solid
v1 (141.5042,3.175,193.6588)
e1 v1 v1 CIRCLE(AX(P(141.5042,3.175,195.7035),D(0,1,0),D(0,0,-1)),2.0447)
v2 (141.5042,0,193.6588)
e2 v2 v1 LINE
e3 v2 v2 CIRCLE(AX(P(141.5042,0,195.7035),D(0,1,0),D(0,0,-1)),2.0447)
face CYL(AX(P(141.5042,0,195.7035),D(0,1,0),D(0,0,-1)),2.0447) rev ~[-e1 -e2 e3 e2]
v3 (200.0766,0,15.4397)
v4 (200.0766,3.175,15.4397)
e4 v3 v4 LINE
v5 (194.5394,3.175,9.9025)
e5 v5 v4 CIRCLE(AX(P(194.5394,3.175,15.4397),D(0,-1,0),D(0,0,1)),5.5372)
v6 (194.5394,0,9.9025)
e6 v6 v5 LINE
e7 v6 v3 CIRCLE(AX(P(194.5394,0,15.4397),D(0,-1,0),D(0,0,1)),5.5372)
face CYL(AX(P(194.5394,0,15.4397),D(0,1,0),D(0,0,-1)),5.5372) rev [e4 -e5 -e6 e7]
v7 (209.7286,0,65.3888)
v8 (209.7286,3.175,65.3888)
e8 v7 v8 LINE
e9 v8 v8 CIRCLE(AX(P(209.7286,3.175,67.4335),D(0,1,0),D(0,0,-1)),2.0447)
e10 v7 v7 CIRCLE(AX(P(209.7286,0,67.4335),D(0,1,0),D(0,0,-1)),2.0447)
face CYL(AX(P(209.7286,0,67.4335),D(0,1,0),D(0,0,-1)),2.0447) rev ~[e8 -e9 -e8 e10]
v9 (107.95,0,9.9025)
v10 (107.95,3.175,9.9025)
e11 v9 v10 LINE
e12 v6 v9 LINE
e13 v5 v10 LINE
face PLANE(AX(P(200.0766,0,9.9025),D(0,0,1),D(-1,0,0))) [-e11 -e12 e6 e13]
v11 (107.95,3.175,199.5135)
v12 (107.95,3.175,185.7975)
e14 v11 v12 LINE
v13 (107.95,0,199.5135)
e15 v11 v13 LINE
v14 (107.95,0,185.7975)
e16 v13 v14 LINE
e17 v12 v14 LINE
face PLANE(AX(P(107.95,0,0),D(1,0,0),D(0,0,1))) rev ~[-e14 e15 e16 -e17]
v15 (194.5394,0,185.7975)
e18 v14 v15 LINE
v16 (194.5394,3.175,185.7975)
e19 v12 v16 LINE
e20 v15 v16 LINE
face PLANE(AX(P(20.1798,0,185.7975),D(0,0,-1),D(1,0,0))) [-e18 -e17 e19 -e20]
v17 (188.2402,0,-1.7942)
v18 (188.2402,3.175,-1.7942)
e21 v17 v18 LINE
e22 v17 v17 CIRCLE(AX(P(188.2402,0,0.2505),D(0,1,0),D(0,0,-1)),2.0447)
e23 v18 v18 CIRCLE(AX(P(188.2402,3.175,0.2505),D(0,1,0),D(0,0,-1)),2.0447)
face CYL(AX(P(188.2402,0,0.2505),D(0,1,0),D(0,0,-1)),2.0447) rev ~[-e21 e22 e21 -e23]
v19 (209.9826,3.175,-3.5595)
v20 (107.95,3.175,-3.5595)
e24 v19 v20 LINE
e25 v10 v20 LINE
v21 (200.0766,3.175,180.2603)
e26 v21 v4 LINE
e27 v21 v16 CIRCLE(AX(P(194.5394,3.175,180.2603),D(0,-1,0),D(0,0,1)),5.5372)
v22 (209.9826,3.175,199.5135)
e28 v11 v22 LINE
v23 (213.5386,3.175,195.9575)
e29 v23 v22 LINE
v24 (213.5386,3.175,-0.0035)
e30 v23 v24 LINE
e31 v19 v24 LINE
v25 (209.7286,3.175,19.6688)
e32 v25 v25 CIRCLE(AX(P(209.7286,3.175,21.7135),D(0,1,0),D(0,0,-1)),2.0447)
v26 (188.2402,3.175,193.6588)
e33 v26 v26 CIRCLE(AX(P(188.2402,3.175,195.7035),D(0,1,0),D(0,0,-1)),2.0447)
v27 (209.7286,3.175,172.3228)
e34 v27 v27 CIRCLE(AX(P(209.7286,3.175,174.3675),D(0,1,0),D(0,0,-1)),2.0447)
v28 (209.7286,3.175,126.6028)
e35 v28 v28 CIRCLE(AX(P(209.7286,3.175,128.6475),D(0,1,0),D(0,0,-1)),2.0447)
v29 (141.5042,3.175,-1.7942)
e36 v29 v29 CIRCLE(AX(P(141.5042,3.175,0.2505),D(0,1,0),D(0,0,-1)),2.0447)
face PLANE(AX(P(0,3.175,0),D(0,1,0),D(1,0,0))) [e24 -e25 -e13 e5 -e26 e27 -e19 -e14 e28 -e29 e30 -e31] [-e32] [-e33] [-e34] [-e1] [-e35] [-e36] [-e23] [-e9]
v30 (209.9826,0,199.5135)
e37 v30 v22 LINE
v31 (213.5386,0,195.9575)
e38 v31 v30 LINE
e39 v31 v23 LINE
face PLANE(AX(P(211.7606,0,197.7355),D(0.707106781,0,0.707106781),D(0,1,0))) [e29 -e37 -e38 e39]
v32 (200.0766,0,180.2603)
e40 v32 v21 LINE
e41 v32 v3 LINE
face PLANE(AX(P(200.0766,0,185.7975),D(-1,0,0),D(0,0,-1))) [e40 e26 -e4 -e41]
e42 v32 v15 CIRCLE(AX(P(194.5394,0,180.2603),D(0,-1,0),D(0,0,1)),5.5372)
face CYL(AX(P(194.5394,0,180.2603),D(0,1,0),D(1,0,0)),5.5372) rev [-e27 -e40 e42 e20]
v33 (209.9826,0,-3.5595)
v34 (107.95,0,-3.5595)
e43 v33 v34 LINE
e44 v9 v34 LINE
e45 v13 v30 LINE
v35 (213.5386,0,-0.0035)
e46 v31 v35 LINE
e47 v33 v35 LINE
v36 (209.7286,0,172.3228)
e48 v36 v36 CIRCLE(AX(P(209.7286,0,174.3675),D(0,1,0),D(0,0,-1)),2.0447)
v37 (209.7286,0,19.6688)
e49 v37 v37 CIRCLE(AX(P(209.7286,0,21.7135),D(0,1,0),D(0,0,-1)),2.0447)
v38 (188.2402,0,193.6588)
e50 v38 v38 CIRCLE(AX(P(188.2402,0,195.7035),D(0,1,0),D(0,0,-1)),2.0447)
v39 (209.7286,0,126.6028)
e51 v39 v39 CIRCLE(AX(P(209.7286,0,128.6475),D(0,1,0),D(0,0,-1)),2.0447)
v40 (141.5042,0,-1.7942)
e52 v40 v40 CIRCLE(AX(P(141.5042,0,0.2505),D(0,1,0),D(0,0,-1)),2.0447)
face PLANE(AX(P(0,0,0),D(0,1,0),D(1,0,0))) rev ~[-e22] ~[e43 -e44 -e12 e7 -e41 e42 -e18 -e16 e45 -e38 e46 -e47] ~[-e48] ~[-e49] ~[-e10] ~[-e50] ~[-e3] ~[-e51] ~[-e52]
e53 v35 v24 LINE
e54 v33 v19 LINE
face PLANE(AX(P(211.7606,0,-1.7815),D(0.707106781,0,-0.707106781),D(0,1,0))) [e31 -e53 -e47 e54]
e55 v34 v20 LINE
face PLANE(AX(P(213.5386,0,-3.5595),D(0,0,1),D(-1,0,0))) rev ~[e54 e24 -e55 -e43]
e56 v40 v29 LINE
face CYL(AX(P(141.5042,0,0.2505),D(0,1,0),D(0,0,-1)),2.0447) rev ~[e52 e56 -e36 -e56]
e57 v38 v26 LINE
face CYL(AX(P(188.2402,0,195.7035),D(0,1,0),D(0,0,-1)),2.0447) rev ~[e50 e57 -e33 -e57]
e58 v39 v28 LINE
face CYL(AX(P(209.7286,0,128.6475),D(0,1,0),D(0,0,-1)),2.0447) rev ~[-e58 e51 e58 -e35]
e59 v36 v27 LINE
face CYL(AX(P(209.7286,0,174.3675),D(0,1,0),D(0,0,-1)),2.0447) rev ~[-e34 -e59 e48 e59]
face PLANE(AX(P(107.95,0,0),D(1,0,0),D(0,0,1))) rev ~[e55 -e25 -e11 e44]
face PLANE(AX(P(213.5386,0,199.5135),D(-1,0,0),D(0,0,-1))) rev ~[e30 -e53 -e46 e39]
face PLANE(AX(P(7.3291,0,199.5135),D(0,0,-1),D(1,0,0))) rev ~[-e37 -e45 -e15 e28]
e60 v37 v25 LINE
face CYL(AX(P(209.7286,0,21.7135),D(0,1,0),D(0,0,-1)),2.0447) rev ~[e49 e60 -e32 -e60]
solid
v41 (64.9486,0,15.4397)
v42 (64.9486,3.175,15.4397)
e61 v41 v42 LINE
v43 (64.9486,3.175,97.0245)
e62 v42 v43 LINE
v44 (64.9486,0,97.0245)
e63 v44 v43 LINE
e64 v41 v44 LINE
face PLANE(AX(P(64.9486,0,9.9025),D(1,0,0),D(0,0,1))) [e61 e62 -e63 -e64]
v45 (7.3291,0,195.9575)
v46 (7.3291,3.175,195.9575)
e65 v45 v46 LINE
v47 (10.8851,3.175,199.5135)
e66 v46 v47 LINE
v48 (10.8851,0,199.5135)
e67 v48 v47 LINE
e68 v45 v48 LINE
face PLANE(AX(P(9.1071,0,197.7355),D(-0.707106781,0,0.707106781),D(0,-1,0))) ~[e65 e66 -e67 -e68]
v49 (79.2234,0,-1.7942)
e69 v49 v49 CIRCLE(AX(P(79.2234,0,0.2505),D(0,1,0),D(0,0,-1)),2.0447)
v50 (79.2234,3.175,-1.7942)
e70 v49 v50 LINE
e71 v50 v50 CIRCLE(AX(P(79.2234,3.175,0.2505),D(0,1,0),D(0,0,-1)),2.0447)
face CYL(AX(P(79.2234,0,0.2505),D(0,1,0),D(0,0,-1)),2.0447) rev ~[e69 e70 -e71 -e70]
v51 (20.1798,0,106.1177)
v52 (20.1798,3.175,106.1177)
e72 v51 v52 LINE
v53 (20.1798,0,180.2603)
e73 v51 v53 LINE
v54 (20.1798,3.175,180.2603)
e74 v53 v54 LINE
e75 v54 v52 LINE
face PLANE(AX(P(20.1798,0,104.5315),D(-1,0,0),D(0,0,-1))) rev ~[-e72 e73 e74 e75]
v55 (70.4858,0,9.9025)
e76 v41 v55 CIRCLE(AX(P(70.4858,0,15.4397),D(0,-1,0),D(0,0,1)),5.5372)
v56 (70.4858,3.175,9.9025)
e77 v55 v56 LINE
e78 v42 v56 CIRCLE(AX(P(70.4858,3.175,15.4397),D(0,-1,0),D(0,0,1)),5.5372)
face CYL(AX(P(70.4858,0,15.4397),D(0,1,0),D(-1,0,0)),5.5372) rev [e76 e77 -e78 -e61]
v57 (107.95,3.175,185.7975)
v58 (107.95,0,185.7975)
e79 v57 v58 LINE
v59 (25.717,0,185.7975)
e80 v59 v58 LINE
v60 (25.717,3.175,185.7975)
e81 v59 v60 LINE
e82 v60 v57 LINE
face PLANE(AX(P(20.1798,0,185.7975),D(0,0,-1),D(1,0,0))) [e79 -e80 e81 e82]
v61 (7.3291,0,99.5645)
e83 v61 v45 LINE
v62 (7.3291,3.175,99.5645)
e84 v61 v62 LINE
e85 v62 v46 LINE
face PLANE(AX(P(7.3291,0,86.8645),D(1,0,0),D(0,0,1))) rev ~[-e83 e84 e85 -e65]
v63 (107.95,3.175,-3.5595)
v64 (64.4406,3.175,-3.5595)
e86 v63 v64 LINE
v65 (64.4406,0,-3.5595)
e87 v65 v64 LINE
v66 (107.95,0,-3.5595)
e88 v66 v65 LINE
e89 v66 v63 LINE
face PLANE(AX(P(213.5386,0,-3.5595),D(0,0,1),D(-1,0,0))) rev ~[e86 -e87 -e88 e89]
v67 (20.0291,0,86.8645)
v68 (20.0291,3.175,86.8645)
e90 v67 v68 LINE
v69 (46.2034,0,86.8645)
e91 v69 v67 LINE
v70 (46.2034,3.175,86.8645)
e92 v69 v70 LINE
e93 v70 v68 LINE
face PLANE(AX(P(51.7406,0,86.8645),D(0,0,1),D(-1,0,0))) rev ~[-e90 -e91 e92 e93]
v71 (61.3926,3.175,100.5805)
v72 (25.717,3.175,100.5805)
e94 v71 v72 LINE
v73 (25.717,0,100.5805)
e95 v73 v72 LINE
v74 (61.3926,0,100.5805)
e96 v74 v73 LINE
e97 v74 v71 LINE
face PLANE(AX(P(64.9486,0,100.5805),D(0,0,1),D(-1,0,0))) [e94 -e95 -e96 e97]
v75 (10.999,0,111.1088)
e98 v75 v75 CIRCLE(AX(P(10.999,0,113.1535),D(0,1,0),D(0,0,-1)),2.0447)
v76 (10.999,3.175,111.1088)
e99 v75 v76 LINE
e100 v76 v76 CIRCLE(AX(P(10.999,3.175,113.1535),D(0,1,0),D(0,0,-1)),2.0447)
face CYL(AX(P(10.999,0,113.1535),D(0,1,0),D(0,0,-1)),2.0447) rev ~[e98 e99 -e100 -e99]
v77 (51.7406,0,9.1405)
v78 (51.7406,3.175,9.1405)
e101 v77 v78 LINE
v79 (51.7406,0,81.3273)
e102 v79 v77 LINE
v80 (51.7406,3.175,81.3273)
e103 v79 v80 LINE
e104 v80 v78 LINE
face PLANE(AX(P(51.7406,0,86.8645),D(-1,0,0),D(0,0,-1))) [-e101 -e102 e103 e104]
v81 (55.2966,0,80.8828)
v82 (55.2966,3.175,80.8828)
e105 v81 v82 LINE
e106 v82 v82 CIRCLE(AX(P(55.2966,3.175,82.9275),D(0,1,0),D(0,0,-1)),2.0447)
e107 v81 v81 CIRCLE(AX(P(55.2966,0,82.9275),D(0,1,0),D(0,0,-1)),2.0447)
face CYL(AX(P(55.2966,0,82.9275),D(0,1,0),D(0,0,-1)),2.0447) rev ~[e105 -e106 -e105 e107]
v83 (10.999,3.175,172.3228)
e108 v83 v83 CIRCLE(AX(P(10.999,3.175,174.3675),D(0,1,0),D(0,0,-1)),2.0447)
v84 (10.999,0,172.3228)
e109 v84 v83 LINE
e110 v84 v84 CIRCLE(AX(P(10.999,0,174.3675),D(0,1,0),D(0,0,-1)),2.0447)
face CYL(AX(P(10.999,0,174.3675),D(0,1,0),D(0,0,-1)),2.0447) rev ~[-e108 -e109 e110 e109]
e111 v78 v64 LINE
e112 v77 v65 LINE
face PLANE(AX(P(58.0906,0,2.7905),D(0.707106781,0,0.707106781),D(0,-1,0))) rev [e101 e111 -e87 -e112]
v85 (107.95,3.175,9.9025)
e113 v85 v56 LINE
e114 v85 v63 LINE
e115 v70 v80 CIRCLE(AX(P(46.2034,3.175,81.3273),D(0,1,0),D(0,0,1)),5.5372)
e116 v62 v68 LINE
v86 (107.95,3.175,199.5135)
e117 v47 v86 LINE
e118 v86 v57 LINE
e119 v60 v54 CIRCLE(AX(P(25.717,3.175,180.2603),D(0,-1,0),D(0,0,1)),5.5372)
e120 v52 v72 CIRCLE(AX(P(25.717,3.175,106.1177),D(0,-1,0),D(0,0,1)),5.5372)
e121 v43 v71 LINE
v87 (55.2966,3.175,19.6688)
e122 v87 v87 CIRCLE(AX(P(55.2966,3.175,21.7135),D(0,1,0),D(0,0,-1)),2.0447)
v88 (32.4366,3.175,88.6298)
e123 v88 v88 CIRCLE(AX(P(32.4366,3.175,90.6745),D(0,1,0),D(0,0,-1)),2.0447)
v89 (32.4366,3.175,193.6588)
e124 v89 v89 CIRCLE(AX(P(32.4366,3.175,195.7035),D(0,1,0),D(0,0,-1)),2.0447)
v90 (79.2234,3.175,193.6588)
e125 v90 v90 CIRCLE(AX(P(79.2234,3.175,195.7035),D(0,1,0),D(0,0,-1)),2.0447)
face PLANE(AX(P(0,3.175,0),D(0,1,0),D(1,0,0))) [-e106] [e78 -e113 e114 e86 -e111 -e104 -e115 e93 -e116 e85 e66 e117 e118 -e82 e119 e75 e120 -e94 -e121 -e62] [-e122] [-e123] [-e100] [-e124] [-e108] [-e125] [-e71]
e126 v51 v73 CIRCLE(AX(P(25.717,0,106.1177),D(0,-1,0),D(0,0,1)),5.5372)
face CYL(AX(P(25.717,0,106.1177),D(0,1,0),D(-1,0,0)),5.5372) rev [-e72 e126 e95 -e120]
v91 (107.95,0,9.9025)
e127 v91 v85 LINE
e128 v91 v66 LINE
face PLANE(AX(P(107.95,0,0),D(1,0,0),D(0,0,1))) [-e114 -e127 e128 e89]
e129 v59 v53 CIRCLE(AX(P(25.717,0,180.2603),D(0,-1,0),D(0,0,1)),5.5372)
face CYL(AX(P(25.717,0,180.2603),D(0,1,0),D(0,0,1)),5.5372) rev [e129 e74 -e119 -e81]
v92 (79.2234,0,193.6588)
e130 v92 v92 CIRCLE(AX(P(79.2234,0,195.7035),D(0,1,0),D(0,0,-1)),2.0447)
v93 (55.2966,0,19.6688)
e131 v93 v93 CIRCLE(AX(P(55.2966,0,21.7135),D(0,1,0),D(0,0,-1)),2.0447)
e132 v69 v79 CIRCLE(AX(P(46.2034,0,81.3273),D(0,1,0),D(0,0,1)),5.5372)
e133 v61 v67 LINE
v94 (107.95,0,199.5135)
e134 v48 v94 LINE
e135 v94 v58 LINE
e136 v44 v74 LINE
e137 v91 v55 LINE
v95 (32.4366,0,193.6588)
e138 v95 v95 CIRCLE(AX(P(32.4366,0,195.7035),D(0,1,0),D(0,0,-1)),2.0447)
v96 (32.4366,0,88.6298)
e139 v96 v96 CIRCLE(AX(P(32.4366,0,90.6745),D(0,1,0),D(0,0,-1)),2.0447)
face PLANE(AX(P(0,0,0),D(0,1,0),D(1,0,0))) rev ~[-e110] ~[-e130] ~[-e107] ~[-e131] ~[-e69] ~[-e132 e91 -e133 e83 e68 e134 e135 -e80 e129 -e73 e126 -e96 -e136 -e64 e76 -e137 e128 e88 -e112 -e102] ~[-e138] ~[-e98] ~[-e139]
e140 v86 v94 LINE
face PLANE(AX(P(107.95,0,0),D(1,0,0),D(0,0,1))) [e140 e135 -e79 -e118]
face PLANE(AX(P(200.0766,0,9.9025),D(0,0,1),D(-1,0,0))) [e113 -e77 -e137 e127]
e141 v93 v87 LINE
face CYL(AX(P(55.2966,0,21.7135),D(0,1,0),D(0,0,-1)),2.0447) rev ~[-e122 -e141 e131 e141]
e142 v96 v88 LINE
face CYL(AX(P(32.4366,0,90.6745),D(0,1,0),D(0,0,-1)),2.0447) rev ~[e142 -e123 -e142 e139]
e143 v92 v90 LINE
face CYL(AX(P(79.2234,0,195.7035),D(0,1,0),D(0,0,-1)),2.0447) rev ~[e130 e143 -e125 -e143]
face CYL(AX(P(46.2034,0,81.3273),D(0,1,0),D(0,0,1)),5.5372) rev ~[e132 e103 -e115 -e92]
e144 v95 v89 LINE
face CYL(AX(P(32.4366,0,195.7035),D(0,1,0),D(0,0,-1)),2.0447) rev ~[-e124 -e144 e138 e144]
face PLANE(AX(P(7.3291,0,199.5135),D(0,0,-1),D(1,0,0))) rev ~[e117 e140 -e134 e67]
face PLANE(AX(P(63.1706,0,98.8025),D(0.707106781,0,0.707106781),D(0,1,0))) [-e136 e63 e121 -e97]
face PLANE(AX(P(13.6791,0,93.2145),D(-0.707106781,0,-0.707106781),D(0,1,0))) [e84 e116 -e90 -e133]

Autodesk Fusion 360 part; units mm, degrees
sketch "Front" plane through (0, 0, 0) normal (0, 1, 0) x (1, 0, 0) in component "1006349"
  line L0 (-57.8768, -199.5135) -> (216.2733, -199.5135) construction
  line L1 (-57.6388, 3.5595) -> (225.0785, 3.5595) construction
  line L2 (7.3291, 79.7924) -> (7.3291, -206.2565) construction
  line L3 (213.5386, 80.0304) -> (213.5386, -202.9248) construction
  line L4 (-45.264, -185.7975) -> (221.5088, -185.7975) construction
  line L5 (-43.8142, -9.9025) -> (216.9872, -9.9025) construction
  line L6 (20.1798, 68.3695) -> (20.1798, -205.3046) construction
  line L7 (-33.6031, -100.5805) -> (90.6212, -100.5805) construction
  line L8 (-21.4662, -86.8645) -> (74.9147, -86.8645) construction
  line L9 (51.7406, 52.901) -> (51.7406, -104.1642) construction
  line L10 (64.9486, 43.6199) -> (64.9486, -104.4021) construction
  line L11 (61.3164, 31.245) -> (61.3164, -104.4021) construction
  line L12 (204.2676, 28.1453) -> (204.2676, -293.7347) construction
  line L13 (301.4692, -174.3675) -> (-2.19, -174.3675) construction
  line L14 (289.3324, -128.6475) -> (193.4275, -128.6475) construction
  line L15 (188.2402, -212.6819) -> (188.2402, 15.0626) construction
  line L16 (141.5042, -224.3428) -> (141.5042, 9.827) construction
  line L17 (79.2234, -236.9556) -> (79.2234, 11.9688) construction
  line L18 (32.4366, -262.9987) -> (32.4366, -64.0809) construction
  line L19 (55.2966, -250.3288) -> (55.2966, 19.8573) construction
  line L20 (276.3559, -113.1535) -> (-0.7101, -113.1535) construction
  line L21 (251.1435, -82.9275) -> (47.1227, -82.9275) construction
  line L22 (224.557, -21.7135) -> (42.5012, -21.7135) construction
  line L23 (328.6587, -0.2505) -> (74.127, -0.2505) construction
  line L24 (326.747, -5.7115) -> (-6.8013, -5.7115) construction
  line L25 (238.6648, -67.4335) -> (193.169, -67.4335) construction
  line L26 (209.7286, -275.7982) -> (209.7286, -12.1057) construction
  line L27 (313.957, -195.7035) -> (25.5151, -195.7035) construction
  line L28 (325.8246, -190.0139) -> (-1.5489, -190.0139) construction
  line L29 (263.2084, -90.6745) -> (24.7432, -90.6745) construction
  line L30 (10.999, -276.0365) -> (10.999, -104.4195) construction
  line L31 (16.7648, -288.1351) -> (16.7648, -78.75) construction
  line L32 (7.3291, -199.5135) -> (213.5386, -199.5135)
  line L33 (213.5386, 3.5595) -> (51.7406, 3.5595)
  line L34 (51.7406, -86.8645) -> (51.7406, 3.5595)
  line L35 (51.7406, -86.8645) -> (7.3291, -86.8645)
  line L36 (7.3291, -86.8645) -> (7.3291, -199.5135)
  line L37 (213.5386, -199.5135) -> (213.5386, 3.5595)
  line L38 (20.1798, -104.5315) -> (20.1798, -100.5805)
  line L39 (200.0766, -193.5194) -> (200.0766, 68.0398) construction
  line L40 (-6.7988, -96.9737) -> (70.6703, -96.9737) construction
  line L41 (20.1798, -185.7975) -> (200.0766, -185.7975)
  line L42 (200.0766, -185.7975) -> (200.0766, -5.7115)
  line L43 (64.9486, -5.7115) -> (64.9486, -100.5805)
  line L44 (64.9486, -100.5805) -> (20.1798, -100.5805)
  line L45 (20.1798, -100.5805) -> (20.1798, -185.7975)
  line L46 (200.0766, -9.9025) -> (64.9486, -9.9025)
  point P0 (10.999, -174.3675)
  point P1 (32.4366, -195.7035)
  point P2 (79.2234, -195.7035)
  point P3 (141.5042, -195.7035)
  point P4 (188.2402, -195.7035)
  point P5 (209.7286, -174.3675)
  point P6 (209.7286, -128.6475)
  point P7 (209.7286, -67.4335)
  point P8 (209.7286, -21.7135)
  point P9 (188.2402, -0.2505)
  point P10 (141.5042, -0.2505)
  point P11 (79.2234, -0.2505)
  point P12 (55.2966, -21.7135)
  point P13 (55.2966, -82.9275)
  point P14 (32.4366, -90.6745)
  point P15 (10.999, -113.1535)
  dimension "d1" = 203.073
  dimension "d2" = 174.117
  dimension "d3" = 128.397
  dimension "d4" = 90.424
  dimension "d5" = 82.677
  dimension "d6" = 67.183
  dimension "d7" = 21.463
  dimension "d8" = 195.453
  dimension "d9" = 90.424
  dimension "d10" = 13.462
  dimension "d14" = 198.7296
  dimension "d15" = 177.292
  dimension "d16" = 154.432
  dimension "d17" = 130.5052
  dimension "d18" = 68.2244
  dimension "d19" = 21.4884
  dimension "d20" = 161.798
  dimension "d22" = 142.9512
  dimension "d26" = 175.895
  dimension "d27" = 112.903
  dimension "d28" = 184.3024
  dimension "d31" = 5.461
  dimension "d32" = 13.716
  dimension "d33" = 187.5028
  dimension "d46" = 9.652
  dimension "d48" = 13.462
  dimension "d49" = 135.128
  dimension "d50" = 91.2622
  dimension "d51" = 5.461
extrude "Extrude2" add sketch "Front" along normal blind 3.175 makes body 1 in component "1006349"
chamfer "Chamfer3" distance 3.556 angle 45 4 edges at (213.5386, 1.5875, -3.5595) (64.9486, 1.5875, 100.5805) (7.3291, 1.5875, 199.5135) (213.5386, 1.5875, 199.5135) on bodies 1 in component "1006349"
chamfer "Chamfer4" distance 12.7 angle 45 2 edges at (7.3291, 1.5875, 86.8645) (51.7406, 1.5875, -3.5595) on bodies 1 in component "1006349"
fillet "Fillet2" radius 5.5372 6 edges at (20.1798, 1.5875, 185.7975) (20.1798, 1.5875, 100.5805) (64.9486, 1.5875, 9.9025) (200.0766, 1.5875, 9.9025) (200.0766, 1.5875, 185.7975) (51.7406, 1.5875, 86.8645) on bodies 1 in component "1006349"
hole "Hole2" at (32.4366, 0, 195.7035) at (79.2234, 0, 195.7035) at (141.5042, 0, 195.7035) at (188.2402, 0, 195.7035) at (10.999, 0, 174.3675) at (10.999, 0, 113.1535) at (32.4366, 0, 90.6745) at (209.7286, 0, 174.3675) at (209.7286, 0, 128.6475) at (209.7286, 0, 67.4335) at (209.7286, 0, 21.7135) at (188.2402, 0, 0.2505) at (141.5042, 0, 0.2505) at (79.2234, 0, 0.2505) at (55.2966, 0, 21.7135) at (55.2966, 0, 82.9275) direction (0, 1, 0) diameter 4.0894 end through all bodies 1 1 in component "1006349"
ref_plane "WorkPlane1" through (107.95, 0, 0) normal (1, 0, 0) x (0, 1, 0)
split "Split1" by plane through (107.95, 0, 0) normal (1, 0, 0) bodies 1 makes body 2 at (118.478, 0, 193.4892) in component "1006349"
component "1006349" placed x (1, 0, 0) y (0, 1, 0) z (0, 0, 1) at (0, 0, 0)
